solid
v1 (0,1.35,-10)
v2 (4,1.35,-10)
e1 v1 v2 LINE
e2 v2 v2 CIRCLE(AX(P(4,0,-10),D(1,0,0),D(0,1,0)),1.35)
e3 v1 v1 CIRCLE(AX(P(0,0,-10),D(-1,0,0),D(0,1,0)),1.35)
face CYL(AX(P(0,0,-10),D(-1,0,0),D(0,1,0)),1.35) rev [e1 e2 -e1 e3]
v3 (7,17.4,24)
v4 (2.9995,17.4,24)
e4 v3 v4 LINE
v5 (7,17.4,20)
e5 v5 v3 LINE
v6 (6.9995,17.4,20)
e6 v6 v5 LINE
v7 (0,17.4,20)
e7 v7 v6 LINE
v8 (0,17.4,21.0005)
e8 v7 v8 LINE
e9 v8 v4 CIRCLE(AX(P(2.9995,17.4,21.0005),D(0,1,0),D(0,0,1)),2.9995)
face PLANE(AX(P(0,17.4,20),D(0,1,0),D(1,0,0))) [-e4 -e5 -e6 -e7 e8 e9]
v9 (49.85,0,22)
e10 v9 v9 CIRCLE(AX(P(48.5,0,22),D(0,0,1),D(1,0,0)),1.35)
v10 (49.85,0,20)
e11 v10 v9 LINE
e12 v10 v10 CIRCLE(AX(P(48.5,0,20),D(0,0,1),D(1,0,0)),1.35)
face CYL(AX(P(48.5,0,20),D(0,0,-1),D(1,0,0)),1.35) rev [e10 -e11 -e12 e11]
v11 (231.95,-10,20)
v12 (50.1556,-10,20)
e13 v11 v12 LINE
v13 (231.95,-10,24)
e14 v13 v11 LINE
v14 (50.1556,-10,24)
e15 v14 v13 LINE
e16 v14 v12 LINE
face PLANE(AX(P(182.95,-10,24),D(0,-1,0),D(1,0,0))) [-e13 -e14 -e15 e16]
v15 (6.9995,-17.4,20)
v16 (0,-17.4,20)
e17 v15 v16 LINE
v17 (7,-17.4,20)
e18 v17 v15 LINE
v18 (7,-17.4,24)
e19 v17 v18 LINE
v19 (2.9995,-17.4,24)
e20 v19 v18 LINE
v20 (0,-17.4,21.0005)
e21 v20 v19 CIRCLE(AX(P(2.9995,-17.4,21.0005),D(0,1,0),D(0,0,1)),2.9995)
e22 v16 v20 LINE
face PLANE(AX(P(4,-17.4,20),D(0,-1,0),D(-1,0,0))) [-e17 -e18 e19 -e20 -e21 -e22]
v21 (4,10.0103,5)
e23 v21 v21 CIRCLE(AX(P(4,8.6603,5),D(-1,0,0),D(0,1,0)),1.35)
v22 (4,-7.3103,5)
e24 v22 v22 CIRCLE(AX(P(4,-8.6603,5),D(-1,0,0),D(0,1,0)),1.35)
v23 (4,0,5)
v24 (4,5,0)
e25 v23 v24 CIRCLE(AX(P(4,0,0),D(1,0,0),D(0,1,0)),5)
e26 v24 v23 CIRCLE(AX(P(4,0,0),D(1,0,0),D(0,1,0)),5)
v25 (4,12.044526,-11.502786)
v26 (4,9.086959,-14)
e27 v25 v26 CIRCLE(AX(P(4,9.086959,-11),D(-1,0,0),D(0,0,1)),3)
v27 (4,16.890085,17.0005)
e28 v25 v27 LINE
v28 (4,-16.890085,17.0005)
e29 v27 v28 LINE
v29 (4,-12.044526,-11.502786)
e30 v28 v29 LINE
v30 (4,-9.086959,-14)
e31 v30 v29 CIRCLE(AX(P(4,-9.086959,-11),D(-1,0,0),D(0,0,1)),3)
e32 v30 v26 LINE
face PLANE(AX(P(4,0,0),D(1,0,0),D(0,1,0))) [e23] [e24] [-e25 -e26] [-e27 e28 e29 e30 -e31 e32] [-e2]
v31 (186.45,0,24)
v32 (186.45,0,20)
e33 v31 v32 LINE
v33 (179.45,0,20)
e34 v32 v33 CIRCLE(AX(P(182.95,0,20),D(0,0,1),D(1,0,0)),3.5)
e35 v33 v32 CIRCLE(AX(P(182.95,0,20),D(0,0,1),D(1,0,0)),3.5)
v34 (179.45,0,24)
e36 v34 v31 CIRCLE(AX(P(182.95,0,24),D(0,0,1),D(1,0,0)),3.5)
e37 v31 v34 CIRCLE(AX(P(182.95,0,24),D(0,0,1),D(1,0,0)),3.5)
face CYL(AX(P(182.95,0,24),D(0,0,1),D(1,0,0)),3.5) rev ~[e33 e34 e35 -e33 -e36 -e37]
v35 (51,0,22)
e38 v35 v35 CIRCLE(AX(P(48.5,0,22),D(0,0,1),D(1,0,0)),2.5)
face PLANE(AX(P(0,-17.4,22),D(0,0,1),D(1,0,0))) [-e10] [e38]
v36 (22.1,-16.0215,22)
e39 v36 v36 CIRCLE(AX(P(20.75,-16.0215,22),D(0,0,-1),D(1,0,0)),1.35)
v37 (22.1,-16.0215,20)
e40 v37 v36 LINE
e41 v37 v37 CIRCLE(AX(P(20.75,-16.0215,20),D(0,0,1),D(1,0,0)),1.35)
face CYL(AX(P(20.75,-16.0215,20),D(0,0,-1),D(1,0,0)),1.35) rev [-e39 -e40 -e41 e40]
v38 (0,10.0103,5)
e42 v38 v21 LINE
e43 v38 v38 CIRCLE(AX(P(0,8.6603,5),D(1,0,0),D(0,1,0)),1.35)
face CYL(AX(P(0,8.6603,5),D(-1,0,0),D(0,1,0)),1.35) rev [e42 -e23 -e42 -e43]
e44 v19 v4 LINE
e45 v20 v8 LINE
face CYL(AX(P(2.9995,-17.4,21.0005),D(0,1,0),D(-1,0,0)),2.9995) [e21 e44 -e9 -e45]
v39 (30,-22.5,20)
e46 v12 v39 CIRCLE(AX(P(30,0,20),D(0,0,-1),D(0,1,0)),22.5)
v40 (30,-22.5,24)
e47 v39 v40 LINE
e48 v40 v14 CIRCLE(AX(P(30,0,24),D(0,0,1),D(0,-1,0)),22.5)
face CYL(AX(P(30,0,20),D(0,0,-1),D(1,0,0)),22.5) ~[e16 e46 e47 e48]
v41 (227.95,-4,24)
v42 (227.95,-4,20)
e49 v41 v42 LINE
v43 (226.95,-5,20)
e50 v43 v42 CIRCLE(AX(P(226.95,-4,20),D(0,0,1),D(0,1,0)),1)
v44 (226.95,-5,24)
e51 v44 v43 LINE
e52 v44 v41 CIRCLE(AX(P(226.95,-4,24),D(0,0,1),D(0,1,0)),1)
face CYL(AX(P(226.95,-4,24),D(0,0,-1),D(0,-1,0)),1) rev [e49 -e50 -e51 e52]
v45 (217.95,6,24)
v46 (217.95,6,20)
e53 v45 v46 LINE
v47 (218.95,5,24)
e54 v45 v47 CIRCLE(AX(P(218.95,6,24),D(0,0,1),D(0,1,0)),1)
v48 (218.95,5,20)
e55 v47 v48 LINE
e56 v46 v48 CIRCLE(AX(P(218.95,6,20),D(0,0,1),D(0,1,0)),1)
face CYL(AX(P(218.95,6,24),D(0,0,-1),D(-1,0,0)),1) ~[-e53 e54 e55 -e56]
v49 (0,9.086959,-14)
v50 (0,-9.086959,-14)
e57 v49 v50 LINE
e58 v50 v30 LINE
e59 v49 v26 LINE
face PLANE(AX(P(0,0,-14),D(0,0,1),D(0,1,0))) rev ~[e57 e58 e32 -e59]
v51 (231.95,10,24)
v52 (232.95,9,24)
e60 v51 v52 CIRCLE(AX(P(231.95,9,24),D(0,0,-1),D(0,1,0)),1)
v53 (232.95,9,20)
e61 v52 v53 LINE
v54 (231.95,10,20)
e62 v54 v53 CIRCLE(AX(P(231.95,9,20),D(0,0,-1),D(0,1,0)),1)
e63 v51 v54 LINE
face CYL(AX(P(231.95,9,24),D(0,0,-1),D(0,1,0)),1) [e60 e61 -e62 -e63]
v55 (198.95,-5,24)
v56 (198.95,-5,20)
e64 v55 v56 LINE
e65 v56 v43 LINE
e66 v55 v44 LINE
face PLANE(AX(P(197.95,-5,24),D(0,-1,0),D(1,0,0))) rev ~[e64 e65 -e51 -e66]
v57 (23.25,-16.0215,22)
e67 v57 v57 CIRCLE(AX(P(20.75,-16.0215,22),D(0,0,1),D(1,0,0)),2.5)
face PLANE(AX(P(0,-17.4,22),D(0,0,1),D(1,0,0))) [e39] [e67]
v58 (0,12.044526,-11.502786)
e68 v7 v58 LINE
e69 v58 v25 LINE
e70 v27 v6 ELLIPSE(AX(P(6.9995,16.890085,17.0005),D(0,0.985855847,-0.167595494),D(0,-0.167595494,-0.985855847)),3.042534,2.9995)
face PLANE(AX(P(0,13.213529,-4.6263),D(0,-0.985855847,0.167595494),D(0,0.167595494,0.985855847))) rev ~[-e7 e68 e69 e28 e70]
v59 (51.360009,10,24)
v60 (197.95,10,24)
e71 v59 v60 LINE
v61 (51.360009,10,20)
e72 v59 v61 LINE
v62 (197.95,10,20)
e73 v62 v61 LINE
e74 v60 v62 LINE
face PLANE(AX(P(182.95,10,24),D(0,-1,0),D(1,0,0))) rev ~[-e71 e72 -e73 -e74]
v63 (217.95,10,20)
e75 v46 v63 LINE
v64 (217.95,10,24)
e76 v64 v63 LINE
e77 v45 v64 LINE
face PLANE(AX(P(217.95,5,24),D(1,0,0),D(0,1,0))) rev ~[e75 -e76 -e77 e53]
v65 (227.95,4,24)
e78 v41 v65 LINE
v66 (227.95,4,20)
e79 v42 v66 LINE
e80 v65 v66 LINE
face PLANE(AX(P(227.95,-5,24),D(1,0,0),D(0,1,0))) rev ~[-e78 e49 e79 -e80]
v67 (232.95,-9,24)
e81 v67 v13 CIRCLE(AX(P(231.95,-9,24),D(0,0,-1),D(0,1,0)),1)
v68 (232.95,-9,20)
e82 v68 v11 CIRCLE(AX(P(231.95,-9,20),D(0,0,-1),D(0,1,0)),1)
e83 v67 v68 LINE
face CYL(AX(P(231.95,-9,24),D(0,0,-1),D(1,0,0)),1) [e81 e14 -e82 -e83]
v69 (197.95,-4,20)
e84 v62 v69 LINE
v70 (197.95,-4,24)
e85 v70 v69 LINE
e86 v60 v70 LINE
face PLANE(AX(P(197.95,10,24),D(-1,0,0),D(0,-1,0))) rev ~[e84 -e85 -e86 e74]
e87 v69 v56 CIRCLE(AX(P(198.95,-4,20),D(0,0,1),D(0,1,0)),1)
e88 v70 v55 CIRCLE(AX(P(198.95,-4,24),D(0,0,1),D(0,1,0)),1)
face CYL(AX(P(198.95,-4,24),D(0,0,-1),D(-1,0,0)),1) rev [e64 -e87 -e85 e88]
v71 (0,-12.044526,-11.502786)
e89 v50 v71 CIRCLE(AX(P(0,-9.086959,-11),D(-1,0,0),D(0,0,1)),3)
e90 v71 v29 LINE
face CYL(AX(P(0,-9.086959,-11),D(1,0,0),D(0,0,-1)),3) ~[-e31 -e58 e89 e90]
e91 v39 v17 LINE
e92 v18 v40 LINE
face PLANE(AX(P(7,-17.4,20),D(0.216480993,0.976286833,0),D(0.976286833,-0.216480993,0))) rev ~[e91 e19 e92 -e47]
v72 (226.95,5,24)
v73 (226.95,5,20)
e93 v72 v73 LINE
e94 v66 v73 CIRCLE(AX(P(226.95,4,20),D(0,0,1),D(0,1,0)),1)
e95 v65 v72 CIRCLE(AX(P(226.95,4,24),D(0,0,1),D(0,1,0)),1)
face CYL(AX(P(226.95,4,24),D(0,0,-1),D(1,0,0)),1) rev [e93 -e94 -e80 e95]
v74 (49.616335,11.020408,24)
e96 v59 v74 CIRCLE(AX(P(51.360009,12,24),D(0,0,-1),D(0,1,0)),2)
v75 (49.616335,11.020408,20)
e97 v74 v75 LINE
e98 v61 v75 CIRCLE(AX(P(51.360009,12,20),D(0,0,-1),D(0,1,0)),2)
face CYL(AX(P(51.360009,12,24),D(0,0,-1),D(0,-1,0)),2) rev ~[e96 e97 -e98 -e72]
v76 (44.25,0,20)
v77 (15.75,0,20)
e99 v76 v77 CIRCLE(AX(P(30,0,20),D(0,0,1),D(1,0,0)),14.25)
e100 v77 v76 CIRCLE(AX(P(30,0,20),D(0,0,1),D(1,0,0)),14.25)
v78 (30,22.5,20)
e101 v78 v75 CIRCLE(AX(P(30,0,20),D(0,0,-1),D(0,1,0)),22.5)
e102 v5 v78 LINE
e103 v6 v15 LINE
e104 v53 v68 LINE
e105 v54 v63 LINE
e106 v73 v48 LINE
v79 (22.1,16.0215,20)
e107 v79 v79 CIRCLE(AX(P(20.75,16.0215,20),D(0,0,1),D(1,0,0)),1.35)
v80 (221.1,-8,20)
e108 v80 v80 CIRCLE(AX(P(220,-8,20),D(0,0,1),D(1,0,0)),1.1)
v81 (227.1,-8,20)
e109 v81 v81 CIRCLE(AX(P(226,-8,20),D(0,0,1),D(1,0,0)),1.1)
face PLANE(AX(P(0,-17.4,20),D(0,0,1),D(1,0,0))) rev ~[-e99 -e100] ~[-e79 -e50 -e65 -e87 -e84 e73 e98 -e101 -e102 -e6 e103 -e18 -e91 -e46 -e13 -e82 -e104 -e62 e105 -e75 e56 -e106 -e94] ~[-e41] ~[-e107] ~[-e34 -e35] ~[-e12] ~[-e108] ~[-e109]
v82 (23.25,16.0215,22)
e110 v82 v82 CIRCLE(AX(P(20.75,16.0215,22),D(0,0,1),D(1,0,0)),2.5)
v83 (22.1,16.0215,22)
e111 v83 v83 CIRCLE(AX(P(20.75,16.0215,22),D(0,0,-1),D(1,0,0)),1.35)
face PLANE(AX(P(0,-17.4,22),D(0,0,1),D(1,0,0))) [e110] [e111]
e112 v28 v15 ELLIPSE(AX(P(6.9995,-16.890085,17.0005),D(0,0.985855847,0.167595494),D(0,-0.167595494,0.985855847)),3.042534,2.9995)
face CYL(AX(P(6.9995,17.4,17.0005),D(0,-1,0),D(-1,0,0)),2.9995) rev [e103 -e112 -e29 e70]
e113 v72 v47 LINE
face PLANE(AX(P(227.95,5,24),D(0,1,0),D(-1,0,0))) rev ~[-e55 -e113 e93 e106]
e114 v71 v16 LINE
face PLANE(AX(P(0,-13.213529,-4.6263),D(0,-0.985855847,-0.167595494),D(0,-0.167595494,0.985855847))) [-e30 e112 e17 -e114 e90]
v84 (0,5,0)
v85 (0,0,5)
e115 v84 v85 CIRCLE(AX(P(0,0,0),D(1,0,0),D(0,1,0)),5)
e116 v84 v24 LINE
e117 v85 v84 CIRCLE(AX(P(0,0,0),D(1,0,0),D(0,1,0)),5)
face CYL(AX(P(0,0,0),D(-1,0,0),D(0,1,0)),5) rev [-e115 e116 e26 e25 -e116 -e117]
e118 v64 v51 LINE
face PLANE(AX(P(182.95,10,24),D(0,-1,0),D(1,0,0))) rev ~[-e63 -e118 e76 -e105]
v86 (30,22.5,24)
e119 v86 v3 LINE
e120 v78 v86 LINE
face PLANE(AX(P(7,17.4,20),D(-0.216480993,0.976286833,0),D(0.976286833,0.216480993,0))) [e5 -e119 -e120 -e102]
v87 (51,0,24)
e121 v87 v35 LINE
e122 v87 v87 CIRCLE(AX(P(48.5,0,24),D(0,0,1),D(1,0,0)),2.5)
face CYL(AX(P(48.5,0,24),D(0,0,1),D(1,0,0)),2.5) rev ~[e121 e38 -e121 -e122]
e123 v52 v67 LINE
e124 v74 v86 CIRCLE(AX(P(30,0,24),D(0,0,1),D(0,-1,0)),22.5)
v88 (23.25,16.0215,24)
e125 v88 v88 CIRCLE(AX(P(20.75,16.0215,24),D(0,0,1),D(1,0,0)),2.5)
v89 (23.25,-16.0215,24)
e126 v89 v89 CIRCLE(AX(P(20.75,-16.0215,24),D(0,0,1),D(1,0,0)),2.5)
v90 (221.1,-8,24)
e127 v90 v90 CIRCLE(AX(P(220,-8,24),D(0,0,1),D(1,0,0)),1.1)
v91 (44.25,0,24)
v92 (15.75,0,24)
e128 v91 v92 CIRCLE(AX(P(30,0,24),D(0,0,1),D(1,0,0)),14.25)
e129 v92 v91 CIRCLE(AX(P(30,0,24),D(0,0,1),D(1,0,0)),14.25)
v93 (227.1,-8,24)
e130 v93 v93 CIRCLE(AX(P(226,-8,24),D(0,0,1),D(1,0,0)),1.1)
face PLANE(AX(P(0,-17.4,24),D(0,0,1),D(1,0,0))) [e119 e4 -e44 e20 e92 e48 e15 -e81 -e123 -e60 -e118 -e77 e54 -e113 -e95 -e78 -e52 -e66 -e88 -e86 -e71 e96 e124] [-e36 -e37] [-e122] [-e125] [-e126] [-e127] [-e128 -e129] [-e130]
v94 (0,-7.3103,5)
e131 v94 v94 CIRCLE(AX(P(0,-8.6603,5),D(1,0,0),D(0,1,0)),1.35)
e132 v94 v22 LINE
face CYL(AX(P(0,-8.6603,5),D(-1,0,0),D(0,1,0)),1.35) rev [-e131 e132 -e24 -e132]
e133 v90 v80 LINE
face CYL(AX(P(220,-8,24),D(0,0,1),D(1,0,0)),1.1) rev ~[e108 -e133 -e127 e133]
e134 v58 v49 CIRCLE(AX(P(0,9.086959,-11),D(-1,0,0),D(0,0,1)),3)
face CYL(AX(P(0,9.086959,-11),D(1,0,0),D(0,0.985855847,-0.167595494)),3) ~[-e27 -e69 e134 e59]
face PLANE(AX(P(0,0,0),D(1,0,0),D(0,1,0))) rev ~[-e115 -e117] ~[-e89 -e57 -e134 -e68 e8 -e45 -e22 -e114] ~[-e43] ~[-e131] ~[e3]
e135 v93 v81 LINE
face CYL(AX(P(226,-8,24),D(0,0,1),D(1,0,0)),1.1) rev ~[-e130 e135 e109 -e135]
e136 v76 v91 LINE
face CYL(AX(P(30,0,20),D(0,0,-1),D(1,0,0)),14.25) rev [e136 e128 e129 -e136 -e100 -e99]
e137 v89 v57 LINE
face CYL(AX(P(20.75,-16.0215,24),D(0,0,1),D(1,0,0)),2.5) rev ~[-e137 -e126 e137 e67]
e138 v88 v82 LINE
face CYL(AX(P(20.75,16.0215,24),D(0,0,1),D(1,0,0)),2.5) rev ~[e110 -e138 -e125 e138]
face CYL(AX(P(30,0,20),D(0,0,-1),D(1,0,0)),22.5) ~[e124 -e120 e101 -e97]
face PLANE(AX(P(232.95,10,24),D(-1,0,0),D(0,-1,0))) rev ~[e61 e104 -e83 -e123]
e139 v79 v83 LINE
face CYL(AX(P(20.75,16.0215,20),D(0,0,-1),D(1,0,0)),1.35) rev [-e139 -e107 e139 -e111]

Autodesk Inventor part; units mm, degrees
ref_plane "YZ Plane" through (0, 0, 0) normal (1, 0, 0) x (0, 1, 0)
ref_plane "XZ Plane" through (0, 0, 0) normal (0, 1, 0) x (-1, 0, 0)
ref_plane "XY Plane" through (0, 0, 0) normal (0, 0, 1) x (1, 0, 0)
sketch "スケッチ1" plane through (0, 0, 0) normal (1, 0, 0) x (0, 1, 0)
  circle A0 centre (0, 0) radius 10
  circle A1 centre (0, -10) radius 1.35
  circle A2 centre (8.6603, 5) radius 1.35
  circle A3 centre (-8.6603, 5) radius 1.35
  circle A4 centre (0, 0) radius 5
  line L0 (0, 0) -> (0, 50)
  circle A5 centre (0, 50) radius 22.5
  circle A6 centre (0, 0) radius 14
  line L1 (-14, 0) -> (-22.5, 50)
  line L2 (14, 0) -> (22.5, 50)
  line L3 (0, -14) -> (-11.62, -14)
  line L4 (-11.62, -14) -> (-14, 0)
  line L5 (0, -14) -> (11.62, -14)
  line L6 (11.62, -14) -> (14, 0)
  line L7 (0, 20) -> (-17.4, 20)
  line L8 (0, 20) -> (17.4, 20)
  dimension "d0" = 20
  dimension "d1" = 2.7
  dimension "d4" = 360
  dimension "d6" = 10
  dimension "d7" = 50
  dimension "d8" = 45
  dimension "d9" = 28
extrude "押し出し1" add sketch "スケッチ1" along normal blind 4 contours A0 A1 A3 A2 | A6 L6 L4 | A6 L1 L7 L0 | L0 L8 L2 A6 | L6 L5 A6 | A6 L3 L4
sketch "スケッチ2" plane through (0, -17.4, 20) normal (0, 0, 1) x (1, 0, 0)
  line L0 (0, 17.4) -> (30, 17.4)
  circle A0 centre (30, 17.4) radius 22.5
  circle A1 centre (30, 17.4) radius 18.5
  circle A2 centre (30, 17.4) radius 14.25
  circle A3 centre (48.5, 17.4) radius 1.35
  circle A4 centre (20.75, 33.4215) radius 1.35
  circle A5 centre (20.75, 1.3785) radius 1.35
  line L1 (0, 29.02) -> (0, 34.8) projected
  line L2 (0, 0) -> (0, 5.78) projected
  line L3 (0, 34.8) -> (0, 0)
  line L4 (4, 29.02) -> (4, 34.8) projected
  line L5 (4, 34.8) -> (7, 34.8)
  line L6 (7, 34.8) -> (30, 39.9)
  line L7 (4, 0) -> (4, 5.78) projected
  line L8 (4, 0) -> (7, 0)
  line L9 (7, 0) -> (30, -5.1)
  line L10 (4, 0) -> (0, 0)
  line L11 (0, 34.8) -> (4, 34.8) projected
  line L12 (0, 0) -> (0, 34.8)
  line L13 (0, 34.8) -> (4, 34.8)
  dimension "d14" = 37
  dimension "d12" = 30
  dimension "d13" = 45
  dimension "d15" = 28.5
  dimension "d16" = 2.7
  dimension "d19" = 360
  dimension "d21" = 3
  dimension "d22" = 3
extrude "押し出し2" add sketch "スケッチ2" along normal blind 4 contours L3 L1 L11 L5 L6 A0 L0 | L0 A0 L9 L8 L10 L2 L3 | A1 A4 A3 A5 | A0 L6 L9
fillet "フィレット1" radius 3 2 edges at (4, 0, 20) (0, 0, 24)
fillet "フィレット2" radius 3 2 edges at (2, -11.62, -14) (2, 11.62, -14)
sketch "スケッチ7" plane through (0, -17.4, 24) normal (0, 0, 1) x (1, 0, 0)
  circle A0 centre (30, 17.4) radius 14.25 projected
  line L0 (30, 17.4) -> (182.95, 17.4)
  line L1 (30, 17.4) -> (182.95, 17.4) construction
  circle A1 centre (182.95, 17.4) radius 3.5
  circle A2 centre (182.95, 17.4) radius 10
  line L2 (182.95, 27.4) -> (50.1556, 27.4)
  arc A3 (30, -5.1) -> (30, 39.9) centre (30, 17.4) ccw projected
  line L3 (182.95, 27.4) -> (315.7444, 27.4) construction
  line L4 (182.95, 7.4) -> (50.1556, 7.4)
  point P0 (0, 17.4)
  dimension "d55" = 152.95
  dimension "d56" = 0
  dimension "d57" = 7
  dimension "d58" = 20
  dimension "d59" = 180
extrude "押し出し7" add sketch "スケッチ7" against normal blind 4 contours A3 L2 A2 L0 | L0 A2 L4 A3 | A2
sketch "スケッチ8" plane through (0, -17.4, 24) normal (0, 0, 1) x (1, 0, 0)
  circle A0 centre (20.75, 33.4215) radius 1.35 projected
  circle A1 centre (20.75, 33.4215) radius 2.5
  circle A2 centre (48.5, 17.4) radius 1.35 projected
  circle A3 centre (48.5, 17.4) radius 2.5
  circle A4 centre (20.75, 1.3785) radius 1.35 projected
  circle A5 centre (20.75, 1.3785) radius 2.5
  point P0 (0, 17.4)
  dimension "d63" = 5
  dimension "d64" = 5
  dimension "d65" = 5
extrude "押し出し8" cut sketch "スケッチ8" against normal blind 2 contours A0 | A1 | A3 | A4 | A5
fillet "フィレット4" radius 2 1 edges at (50.1556, 10, 22)
sketch "スケッチ12" plane through (0, -17.4, 24) normal (0, 0, 1) x (1, 0, 0)
  circle A0 centre (48.5, 17.4) radius 2.5 projected
  circle A1 centre (20.75, 1.3785) radius 2.5 projected
  circle A2 centre (20.75, 33.4215) radius 2.5 projected
  circle A3 centre (182.95, 17.4) radius 3.5 projected
  line L0 (3, 0) -> (3, 34.8) projected
  line L1 (3, 0) -> (7, 0) projected
  line L2 (7, 0) -> (30, -5.1) projected
  arc A4 (30, -5.1) -> (50.1556, 7.4) centre (30, 17.4) ccw projected
  line L3 (50.1556, 7.4) -> (182.95, 7.4) projected
  arc A5 (182.95, 7.4) -> (182.95, 27.4) centre (182.95, 17.4) ccw projected
  line L4 (182.95, 27.4) -> (51.36, 27.4) projected
  arc A6 (49.6163, 28.4204) -> (51.36, 27.4) centre (51.36, 29.4) ccw projected
  arc A7 (49.6163, 28.4204) -> (30, 39.9) centre (30, 17.4) ccw projected
  line L5 (30, 39.9) -> (7, 34.8) projected
  line L6 (7, 34.8) -> (3, 34.8) projected
  circle A8 centre (30, 17.4) radius 14.25 projected
  line L7 (182.95, 7.4) -> (232.95, 7.4)
  line L8 (182.95, 27.4) -> (232.95, 27.4)
  line L9 (232.95, 27.4) -> (232.95, 7.4)
  point P0 (0, 17.4)
  dimension "d92" = 50
  dimension "d93" = 50
extrude "押し出し12" add sketch "スケッチ12" against normal blind 4 contours A5 L8 L9 L7
sketch "スケッチ14" plane through (0, -17.4, 24) normal (0, 0, 1) x (1, 0, 0)
  circle A0 centre (30, 17.4) radius 14.25 projected
  line L0 (232.95, 27.4) -> (51.36, 27.4) projected
  arc A1 (49.6163, 28.4204) -> (51.36, 27.4) centre (51.36, 29.4) ccw projected
  arc A2 (49.6163, 28.4204) -> (30, 39.9) centre (30, 17.4) ccw projected
  line L1 (30, 39.9) -> (7, 34.8) projected
  line L2 (7, 34.8) -> (3, 34.8) projected
  line L3 (3, 0) -> (3, 34.8) projected
  line L4 (3, 0) -> (7, 0) projected
  line L5 (7, 0) -> (30, -5.1) projected
  arc A3 (30, -5.1) -> (50.1556, 7.4) centre (30, 17.4) ccw projected
  line L6 (50.1556, 7.4) -> (232.95, 7.4) projected
  circle A4 centre (182.95, 17.4) radius 3.5 projected
  circle A5 centre (20.75, 33.4215) radius 2.5 projected
  circle A6 centre (20.75, 1.3785) radius 2.5 projected
  circle A7 centre (48.5, 17.4) radius 2.5 projected
  line L7 (197.95, 27.4) -> (197.95, 12.4)
  line L8 (197.95, 12.4) -> (227.95, 12.4)
  line L9 (227.95, 12.4) -> (227.95, 22.4)
  line L10 (227.95, 22.4) -> (217.95, 22.4)
  line L11 (217.95, 22.4) -> (217.95, 27.4)
  line L12 (232.95, 7.4) -> (232.95, 27.4) projected
  point P0 (0, 17.4)
  dimension "d110" = 10
  dimension "d113" = 30
  dimension "d118" = 5
  dimension "d119" = 5
  dimension "d120" = 5
  dimension "d121" = 5
extrude "押し出し14" cut sketch "スケッチ14" against normal blind 4 contours L11 L10 L9 L8 L7 L0
fillet "フィレット8" radius 1 6 edges at (197.95, -5, 22) (232.95, 10, 22) (232.95, -10, 22) (217.95, 5, 22) (227.95, -5, 22) (227.95, 5, 22)
sketch "スケッチ15" plane through (0, -17.4, 24) normal (0, 0, 1) x (1, 0, 0)
  circle A0 centre (226, 9.4) radius 1.1
  circle A1 centre (220, 9.4) radius 1.1
  line L0 (0, 0) -> (0, 5.3555) projected
  line L1 (0, 0) -> (240, 0)
  line L2 (50.1556, 7.4) -> (231.95, 7.4) projected
  line L3 (0, 0) -> (240, 0) construction
  point P0 (0, 17.4)
  dimension "d123" = 2.2
  dimension "d124" = 2.2
  dimension "d130" = 240
  dimension "d131" = 0
  dimension "d132" = 9.4
  dimension "d133" = 9.4
  dimension "d134" = 6
extrude "押し出し15" cut sketch "スケッチ15" against normal blind 10
properties part number "motor_holder_8-5" material "ABS プラスチック"
